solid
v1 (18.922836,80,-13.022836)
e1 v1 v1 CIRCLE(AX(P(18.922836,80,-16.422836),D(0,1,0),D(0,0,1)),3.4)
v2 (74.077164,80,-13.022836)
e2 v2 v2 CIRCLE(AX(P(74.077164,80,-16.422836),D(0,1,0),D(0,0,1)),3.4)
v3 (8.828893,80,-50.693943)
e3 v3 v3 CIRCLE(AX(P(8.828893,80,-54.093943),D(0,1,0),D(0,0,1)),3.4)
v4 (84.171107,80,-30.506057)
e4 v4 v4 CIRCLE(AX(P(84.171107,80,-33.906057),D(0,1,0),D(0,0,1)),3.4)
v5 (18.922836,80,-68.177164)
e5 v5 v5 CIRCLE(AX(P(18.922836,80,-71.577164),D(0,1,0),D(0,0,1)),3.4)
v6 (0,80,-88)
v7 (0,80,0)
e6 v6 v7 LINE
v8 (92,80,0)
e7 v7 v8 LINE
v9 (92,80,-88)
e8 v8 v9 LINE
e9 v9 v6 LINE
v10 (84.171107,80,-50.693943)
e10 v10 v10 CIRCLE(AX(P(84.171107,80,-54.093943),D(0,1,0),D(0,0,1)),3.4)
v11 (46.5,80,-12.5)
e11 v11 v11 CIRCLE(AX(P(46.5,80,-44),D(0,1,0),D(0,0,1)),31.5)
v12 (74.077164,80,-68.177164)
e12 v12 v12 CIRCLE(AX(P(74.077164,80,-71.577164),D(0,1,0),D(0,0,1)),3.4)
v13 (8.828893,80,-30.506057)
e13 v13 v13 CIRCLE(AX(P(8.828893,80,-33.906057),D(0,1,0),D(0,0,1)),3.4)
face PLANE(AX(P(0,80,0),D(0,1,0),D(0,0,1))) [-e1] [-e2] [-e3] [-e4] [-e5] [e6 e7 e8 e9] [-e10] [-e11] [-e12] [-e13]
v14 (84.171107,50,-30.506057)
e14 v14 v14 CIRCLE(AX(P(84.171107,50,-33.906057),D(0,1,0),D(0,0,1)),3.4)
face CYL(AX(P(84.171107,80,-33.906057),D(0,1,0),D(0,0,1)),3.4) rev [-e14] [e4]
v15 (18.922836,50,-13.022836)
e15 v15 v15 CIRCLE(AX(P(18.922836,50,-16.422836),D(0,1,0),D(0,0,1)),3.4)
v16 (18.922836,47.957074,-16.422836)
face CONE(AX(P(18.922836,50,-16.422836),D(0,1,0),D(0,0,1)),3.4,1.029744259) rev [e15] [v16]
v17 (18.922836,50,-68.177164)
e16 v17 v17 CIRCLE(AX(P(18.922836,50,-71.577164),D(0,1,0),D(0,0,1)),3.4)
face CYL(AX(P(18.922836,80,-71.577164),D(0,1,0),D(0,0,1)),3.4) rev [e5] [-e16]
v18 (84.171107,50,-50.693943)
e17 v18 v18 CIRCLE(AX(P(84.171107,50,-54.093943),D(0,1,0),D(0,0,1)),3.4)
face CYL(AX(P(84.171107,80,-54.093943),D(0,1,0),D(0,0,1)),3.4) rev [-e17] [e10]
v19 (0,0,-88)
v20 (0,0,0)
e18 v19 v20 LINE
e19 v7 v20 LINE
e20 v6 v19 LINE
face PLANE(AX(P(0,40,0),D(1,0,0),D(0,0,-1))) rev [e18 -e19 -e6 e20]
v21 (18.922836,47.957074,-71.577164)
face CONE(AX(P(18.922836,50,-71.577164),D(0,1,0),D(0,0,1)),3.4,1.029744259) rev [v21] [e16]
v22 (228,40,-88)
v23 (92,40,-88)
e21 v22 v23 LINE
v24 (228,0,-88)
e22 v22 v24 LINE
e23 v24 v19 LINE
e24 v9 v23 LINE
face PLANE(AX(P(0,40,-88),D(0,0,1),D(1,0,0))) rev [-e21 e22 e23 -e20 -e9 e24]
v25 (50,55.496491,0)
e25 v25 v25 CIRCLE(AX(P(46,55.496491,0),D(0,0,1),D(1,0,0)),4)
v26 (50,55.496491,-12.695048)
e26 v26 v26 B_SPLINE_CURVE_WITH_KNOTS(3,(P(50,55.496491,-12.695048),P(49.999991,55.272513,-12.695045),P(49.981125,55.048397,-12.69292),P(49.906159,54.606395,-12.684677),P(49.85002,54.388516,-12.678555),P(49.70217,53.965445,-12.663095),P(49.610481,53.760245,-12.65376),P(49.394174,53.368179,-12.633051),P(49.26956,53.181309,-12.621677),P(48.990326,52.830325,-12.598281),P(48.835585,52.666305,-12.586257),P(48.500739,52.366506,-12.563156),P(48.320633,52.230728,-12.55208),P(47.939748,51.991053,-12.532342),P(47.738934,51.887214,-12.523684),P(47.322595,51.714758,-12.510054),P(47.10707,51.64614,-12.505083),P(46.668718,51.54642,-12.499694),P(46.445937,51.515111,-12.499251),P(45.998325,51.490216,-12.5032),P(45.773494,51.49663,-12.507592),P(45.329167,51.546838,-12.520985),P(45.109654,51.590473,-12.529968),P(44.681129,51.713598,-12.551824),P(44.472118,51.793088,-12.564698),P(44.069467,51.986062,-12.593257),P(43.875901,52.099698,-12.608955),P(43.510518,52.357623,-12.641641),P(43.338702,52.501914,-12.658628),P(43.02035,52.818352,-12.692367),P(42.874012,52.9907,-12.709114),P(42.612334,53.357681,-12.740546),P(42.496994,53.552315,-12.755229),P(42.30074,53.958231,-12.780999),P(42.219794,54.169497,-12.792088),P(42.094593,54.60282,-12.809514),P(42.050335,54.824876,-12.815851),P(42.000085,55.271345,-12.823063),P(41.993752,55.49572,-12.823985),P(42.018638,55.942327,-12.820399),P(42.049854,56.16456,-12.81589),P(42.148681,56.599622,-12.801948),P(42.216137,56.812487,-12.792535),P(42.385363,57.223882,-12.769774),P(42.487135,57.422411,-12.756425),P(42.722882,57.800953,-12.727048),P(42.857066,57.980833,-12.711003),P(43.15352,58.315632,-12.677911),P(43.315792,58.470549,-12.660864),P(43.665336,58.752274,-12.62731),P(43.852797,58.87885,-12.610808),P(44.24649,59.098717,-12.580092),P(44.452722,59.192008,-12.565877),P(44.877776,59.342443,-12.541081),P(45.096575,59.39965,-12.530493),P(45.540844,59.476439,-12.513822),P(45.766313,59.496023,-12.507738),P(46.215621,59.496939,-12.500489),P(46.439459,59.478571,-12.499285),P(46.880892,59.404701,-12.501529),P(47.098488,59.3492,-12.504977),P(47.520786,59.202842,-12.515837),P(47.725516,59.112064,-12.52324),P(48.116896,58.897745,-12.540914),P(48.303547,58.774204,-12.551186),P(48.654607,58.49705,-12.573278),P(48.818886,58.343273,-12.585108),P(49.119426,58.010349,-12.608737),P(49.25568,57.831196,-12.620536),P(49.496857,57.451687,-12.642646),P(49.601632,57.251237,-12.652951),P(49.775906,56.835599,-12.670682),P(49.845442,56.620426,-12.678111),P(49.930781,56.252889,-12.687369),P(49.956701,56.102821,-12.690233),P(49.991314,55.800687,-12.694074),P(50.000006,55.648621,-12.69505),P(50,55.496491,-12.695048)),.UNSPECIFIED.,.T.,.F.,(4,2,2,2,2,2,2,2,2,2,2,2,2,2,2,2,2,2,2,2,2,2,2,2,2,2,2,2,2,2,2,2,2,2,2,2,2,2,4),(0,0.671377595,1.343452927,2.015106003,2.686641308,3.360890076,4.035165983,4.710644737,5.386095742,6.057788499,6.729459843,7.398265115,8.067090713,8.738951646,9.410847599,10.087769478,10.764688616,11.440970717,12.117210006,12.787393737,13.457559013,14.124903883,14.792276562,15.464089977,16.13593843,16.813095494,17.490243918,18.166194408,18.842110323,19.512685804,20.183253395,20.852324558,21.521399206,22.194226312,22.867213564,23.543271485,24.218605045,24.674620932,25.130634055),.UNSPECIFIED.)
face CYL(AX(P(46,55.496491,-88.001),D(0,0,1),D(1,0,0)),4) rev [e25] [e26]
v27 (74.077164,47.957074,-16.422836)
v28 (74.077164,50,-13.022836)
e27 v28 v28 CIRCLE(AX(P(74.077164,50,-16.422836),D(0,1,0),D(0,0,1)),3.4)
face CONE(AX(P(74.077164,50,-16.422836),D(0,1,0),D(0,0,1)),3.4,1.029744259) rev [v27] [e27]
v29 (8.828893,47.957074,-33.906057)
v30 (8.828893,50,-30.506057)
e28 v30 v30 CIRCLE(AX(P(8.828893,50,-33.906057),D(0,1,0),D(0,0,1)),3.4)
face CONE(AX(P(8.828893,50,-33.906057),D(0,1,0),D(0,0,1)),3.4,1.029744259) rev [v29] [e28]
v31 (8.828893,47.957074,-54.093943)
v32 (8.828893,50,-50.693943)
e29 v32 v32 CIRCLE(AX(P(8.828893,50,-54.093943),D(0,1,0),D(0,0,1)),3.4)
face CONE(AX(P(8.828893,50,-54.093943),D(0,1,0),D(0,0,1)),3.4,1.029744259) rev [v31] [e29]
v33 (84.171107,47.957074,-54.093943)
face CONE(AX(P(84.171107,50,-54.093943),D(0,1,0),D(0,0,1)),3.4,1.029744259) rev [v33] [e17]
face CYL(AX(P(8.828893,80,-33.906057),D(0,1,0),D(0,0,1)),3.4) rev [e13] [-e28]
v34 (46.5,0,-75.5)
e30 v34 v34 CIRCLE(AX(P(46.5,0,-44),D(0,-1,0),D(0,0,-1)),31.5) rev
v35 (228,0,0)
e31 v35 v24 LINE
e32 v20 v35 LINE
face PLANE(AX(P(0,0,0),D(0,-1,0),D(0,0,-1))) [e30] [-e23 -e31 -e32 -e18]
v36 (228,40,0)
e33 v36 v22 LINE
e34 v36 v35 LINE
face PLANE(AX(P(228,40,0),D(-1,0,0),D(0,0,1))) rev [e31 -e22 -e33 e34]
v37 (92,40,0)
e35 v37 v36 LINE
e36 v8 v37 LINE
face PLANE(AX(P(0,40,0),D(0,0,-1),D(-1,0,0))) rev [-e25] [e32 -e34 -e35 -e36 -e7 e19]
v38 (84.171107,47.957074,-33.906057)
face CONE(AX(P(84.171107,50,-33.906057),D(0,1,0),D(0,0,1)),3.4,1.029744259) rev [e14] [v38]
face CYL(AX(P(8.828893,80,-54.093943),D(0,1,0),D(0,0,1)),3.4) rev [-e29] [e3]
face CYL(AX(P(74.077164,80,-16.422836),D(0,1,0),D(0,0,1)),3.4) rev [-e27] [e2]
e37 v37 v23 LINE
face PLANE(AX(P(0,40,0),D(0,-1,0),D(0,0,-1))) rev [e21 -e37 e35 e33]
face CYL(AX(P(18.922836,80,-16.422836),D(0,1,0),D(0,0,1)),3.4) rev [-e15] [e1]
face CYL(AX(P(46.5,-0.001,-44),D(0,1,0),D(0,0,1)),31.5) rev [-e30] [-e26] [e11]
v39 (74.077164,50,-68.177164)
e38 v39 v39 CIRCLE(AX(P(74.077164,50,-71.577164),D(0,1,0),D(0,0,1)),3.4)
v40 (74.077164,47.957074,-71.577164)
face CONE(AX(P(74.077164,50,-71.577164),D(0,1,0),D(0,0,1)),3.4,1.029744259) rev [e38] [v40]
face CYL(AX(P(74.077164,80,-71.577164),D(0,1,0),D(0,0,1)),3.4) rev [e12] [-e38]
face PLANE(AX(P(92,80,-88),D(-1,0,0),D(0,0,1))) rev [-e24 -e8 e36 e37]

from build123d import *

# Parameters (mm, degrees)
SKETCH_2_W               = 228
SKETCH_2_H               = 88
EXTRUDE_1_DEPTH          = 40
SKETCH_3_W               = 92
SKETCH_3_H               = 88
EXTRUDE_2_DEPTH          = 40
CUT_EXTRUDE_1_REACH      = 259.154
SKETCH_4_R               = 31.5
HOLE_WIZARD_M8_3_D       = 6.8
HOLE_WIZARD_M8_3_DEPTH   = 30
HOLE_WIZARD_M8_3_TIP     = 2.042926105
CUT_EXTRUDE_3_REACH      = 259.154
CUT_EXTRUDE_3_END_RADIUS = 31.5
SKETCH_8_R               = 4


with BuildPart() as part:
    # 草图2 → 凸台-拉伸1 (new body)
    with BuildSketch(Plane(origin=(0, 0, 0), x_dir=(1, 0, 0), z_dir=(0, 1, 0))):
        with Locations((114, 44)):
            Rectangle(SKETCH_2_W, SKETCH_2_H)
    extrude(amount=EXTRUDE_1_DEPTH)

    # 草图3 → 凸台-拉伸2 (add)
    with BuildSketch(Plane(origin=(0, 40, 0), x_dir=(1, 0, 0), z_dir=(0, 1, 0))):
        with Locations((46, 44)):
            Rectangle(SKETCH_3_W, SKETCH_3_H)
    extrude(amount=EXTRUDE_2_DEPTH)

    # 草图4 → 切除-拉伸1 (cut, up to next)
    with BuildSketch(Plane(origin=(0, 80, 0), x_dir=(1, 0, 0), z_dir=(0, 1, 0)), mode=Mode.PRIVATE) as cut_extrude_1_sk1:
        with Locations(Location((46.5, 44, 0), (0, 0, 270))):
            Circle(SKETCH_4_R)
    cut_extrude_1_tool1 = extrude(cut_extrude_1_sk1.sketch, amount=-CUT_EXTRUDE_1_REACH, mode=Mode.PRIVATE) & part.part
    add(cut_extrude_1_tool1.solids().sort_by_distance((46.5, 80, -44))[0], mode=Mode.SUBTRACT)

    # M8 螺纹孔3
    with Locations(Plane(origin=(0, 80, 0), x_dir=(1, 0, 0), z_dir=(0, 1, 0))):
        with Locations((74.077164466, 71.577164466), (8.828892775, 54.093942759), (18.922835534, 16.422835534), (8.828892775, 33.906057241), (74.077164466, 16.422835534), (18.922835534, 71.577164466), (84.171107225, 33.906057241), (84.171107225, 54.093942759)):
            Hole(HOLE_WIZARD_M8_3_D / 2, depth=HOLE_WIZARD_M8_3_DEPTH)
            with Locations((0, 0, -(HOLE_WIZARD_M8_3_DEPTH + HOLE_WIZARD_M8_3_TIP / 2))):  # 118° drill point
                Cone(0, HOLE_WIZARD_M8_3_D / 2, HOLE_WIZARD_M8_3_TIP, mode=Mode.SUBTRACT)

    # 切除-拉伸3: up to this cylinder (the profile starts outside it)
    cut_extrude_3_end = Plane(origin=(46.5, 55.496491, -44), z_dir=(0, 1, 0)) * Cylinder(CUT_EXTRUDE_3_END_RADIUS, 582.308, mode=Mode.PRIVATE)
    # 草图8 → 切除-拉伸3 (cut, up to the surface)
    with BuildSketch(Plane.XY, mode=Mode.PRIVATE) as cut_extrude_3_sk1:
        with Locations((46, 55.496491008)):
            Circle(SKETCH_8_R)
    cut_extrude_3_tool1 = extrude(cut_extrude_3_sk1.sketch, amount=-CUT_EXTRUDE_3_REACH, mode=Mode.PRIVATE) - cut_extrude_3_end
    add(cut_extrude_3_tool1.solids().sort_by_distance((46, 55.496491, 0))[0], mode=Mode.SUBTRACT)


solid = part.part
